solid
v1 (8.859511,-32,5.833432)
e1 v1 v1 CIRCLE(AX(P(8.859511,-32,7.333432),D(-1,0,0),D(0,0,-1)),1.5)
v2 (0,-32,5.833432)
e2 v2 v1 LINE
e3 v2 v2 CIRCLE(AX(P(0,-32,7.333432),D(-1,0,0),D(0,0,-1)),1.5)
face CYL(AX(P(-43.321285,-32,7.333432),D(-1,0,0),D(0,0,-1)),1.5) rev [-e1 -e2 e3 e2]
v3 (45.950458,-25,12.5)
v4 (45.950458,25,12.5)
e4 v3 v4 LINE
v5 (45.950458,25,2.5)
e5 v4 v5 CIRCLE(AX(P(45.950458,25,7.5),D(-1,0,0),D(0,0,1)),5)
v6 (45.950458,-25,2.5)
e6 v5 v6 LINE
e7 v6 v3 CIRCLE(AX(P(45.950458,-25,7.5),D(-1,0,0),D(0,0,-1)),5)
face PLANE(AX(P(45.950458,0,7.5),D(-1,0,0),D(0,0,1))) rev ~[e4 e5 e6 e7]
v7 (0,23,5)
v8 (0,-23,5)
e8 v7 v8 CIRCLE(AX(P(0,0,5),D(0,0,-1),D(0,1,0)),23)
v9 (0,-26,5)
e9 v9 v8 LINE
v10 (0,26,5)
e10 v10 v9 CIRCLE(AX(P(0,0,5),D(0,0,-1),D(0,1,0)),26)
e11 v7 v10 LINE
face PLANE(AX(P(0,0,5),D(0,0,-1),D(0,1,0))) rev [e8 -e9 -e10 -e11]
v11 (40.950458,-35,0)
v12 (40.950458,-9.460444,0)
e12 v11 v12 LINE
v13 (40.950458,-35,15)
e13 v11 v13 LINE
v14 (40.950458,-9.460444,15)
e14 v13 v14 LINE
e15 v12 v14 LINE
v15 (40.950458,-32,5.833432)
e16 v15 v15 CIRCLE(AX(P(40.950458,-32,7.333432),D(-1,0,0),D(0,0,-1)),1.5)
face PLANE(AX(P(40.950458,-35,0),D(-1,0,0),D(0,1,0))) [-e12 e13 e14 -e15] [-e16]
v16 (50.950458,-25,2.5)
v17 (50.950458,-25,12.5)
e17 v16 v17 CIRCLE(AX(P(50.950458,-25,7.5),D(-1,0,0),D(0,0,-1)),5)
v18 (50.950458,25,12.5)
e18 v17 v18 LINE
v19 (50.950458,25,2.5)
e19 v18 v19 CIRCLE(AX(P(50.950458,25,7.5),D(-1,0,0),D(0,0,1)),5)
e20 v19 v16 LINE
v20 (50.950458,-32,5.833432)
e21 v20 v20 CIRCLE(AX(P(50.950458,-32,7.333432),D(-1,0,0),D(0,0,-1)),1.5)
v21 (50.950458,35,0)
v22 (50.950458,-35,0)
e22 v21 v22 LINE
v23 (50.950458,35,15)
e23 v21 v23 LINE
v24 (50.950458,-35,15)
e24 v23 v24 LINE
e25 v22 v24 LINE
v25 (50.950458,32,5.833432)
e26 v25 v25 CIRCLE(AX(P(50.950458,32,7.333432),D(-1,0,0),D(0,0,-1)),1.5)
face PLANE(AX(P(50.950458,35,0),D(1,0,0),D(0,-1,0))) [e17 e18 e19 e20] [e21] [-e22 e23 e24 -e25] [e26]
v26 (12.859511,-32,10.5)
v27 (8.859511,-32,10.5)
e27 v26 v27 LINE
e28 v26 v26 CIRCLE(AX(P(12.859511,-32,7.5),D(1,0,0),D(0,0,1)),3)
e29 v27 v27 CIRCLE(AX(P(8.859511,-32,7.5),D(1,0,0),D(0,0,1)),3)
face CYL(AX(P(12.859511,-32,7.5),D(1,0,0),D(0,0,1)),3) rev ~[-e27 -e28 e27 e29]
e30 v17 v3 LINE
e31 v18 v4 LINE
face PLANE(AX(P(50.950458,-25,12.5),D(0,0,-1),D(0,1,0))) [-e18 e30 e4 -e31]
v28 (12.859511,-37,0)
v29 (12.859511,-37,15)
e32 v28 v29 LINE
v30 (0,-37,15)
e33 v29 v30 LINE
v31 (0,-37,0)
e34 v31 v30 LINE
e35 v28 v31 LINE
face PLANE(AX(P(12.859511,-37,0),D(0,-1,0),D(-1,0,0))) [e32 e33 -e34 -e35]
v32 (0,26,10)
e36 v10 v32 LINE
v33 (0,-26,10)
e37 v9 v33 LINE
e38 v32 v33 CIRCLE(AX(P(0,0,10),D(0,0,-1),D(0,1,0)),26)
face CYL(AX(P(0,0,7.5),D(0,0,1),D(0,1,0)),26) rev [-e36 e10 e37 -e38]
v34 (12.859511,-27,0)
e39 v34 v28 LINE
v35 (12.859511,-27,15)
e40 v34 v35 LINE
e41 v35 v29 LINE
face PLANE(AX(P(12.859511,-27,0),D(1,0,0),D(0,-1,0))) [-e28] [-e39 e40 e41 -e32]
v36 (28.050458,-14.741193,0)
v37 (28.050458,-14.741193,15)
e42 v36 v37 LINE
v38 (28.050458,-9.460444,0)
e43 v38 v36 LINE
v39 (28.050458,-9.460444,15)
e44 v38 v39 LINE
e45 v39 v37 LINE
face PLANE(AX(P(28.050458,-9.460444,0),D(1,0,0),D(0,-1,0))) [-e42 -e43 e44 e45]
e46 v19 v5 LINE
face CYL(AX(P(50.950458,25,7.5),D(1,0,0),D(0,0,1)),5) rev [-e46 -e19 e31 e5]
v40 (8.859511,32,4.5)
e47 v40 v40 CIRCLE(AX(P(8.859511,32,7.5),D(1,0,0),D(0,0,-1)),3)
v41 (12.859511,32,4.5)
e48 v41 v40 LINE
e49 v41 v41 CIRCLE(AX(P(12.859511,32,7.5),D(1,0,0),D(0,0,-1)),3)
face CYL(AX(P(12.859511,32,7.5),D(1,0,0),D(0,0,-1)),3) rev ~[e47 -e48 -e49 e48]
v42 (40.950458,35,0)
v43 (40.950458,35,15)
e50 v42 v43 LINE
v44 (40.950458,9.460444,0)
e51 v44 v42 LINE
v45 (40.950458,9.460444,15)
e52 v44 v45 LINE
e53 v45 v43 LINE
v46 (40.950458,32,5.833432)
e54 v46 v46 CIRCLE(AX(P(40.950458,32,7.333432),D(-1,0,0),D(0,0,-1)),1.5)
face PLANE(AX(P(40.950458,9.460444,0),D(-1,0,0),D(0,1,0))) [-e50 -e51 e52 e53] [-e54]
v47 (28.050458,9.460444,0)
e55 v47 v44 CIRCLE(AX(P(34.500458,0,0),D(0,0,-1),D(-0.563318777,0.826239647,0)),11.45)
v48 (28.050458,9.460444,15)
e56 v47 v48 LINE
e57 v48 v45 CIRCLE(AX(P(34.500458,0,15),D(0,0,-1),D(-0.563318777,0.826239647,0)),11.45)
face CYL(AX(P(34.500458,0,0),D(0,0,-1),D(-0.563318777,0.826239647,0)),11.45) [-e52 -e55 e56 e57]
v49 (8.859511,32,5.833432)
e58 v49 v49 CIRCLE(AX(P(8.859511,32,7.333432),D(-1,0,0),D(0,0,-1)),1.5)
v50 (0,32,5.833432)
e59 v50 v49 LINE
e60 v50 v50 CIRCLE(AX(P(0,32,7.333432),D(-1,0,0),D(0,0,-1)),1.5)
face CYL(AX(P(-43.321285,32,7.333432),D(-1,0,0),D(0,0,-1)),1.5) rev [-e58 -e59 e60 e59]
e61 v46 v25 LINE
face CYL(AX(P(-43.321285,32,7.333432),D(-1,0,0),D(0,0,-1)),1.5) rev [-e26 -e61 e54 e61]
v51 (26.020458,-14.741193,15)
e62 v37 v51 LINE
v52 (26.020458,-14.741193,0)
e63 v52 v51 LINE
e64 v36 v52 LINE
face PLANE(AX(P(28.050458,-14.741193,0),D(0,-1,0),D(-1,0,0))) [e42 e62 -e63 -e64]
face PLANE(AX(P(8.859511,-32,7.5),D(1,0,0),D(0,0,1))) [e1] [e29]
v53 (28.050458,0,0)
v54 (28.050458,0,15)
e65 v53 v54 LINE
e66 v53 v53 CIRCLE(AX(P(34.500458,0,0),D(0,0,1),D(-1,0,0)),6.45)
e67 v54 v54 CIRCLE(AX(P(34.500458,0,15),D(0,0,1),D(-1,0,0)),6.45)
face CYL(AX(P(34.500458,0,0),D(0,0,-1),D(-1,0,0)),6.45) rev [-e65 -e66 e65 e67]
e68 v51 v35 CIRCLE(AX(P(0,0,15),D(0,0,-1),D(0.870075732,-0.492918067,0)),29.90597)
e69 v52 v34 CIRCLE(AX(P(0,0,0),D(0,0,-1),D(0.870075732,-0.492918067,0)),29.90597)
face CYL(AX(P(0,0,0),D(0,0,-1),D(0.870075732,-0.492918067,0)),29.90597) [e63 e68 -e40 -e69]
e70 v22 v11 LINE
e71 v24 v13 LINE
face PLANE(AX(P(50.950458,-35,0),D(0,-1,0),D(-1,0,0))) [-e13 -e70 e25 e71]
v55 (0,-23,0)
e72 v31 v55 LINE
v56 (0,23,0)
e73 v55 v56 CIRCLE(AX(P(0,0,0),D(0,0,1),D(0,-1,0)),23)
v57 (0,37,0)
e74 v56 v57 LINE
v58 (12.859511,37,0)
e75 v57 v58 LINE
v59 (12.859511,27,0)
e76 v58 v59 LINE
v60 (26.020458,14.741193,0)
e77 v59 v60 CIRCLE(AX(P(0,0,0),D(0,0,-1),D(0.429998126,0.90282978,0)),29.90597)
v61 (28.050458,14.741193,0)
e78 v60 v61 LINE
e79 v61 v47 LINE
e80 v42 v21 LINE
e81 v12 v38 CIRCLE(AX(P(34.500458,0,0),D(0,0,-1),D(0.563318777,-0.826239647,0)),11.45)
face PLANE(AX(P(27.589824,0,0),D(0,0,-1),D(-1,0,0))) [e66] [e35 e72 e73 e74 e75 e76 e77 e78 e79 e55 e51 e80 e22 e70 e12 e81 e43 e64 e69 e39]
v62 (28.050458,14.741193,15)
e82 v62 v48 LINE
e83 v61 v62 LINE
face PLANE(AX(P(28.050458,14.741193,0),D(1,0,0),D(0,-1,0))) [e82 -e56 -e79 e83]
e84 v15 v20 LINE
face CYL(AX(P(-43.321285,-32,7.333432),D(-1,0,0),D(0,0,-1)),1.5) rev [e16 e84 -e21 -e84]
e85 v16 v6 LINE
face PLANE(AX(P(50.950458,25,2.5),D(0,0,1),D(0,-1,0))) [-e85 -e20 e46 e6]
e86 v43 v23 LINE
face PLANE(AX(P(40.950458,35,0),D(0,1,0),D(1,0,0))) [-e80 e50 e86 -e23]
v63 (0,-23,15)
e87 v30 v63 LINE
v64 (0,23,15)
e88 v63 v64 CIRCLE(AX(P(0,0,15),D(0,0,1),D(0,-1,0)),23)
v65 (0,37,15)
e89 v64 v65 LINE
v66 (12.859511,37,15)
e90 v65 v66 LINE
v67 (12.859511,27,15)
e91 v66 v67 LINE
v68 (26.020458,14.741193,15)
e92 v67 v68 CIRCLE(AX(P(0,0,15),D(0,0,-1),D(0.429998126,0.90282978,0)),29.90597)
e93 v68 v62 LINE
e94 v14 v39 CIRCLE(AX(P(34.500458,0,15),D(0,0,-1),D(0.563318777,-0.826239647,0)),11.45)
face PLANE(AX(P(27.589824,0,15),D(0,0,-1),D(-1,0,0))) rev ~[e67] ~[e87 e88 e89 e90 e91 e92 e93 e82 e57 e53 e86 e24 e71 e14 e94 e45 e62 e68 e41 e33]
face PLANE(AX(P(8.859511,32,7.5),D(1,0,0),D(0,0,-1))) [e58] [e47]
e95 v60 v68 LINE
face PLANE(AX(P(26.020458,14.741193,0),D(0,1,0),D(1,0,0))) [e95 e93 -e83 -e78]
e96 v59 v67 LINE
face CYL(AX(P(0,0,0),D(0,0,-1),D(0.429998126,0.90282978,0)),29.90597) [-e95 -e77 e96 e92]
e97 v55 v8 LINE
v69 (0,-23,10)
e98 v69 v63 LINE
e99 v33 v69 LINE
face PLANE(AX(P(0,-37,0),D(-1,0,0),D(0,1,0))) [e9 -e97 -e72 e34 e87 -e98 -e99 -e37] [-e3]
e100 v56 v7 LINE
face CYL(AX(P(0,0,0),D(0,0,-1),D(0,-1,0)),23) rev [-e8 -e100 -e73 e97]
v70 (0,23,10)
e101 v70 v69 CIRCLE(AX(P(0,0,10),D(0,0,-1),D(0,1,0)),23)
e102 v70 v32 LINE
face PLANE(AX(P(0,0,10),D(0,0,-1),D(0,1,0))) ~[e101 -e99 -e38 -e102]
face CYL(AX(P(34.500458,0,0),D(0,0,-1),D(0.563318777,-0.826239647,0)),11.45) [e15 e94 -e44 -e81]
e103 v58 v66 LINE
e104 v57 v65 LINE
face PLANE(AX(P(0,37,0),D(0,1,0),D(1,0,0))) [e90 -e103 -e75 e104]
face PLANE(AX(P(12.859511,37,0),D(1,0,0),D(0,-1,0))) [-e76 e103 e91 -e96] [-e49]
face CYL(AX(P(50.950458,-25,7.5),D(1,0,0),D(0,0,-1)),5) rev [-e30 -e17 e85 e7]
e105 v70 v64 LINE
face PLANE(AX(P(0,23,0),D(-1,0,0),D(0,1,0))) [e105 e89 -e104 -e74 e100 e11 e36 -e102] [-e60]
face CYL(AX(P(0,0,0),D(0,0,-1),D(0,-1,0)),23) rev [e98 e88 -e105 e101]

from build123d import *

# Parameters (mm, degrees)
SKETCH1_R               = 6.45
BOSS_EXTRUDE1_DEPTH     = 15
SKETCH2_W               = 5
SKETCH2_H               = 3
CUT_EXTRUDE3_DEPTH      = 5
CUT_EXTRUDE4_DEPTH      = 56.180796325
CUT_EXTRUDE4_DEPTH_BACK = 56.180796325
SKETCH4_R               = 1.5
SKETCH5_R               = 3
CUT_EXTRUDE5_DEPTH      = 4


with BuildPart() as part:
    # Sketch1 → Boss-Extrude1 (new body)
    with BuildSketch(Plane.XY):
        with BuildLine():
            Line((0, 23), (0, 37))
            Line((0, 37), (12.859510911, 37))
            Line((12.859510911, 37), (12.859510911, 27))
            ThreePointArc((12.859510911, 27), (20.383390121, 21.88342816), (26.020458433, 14.741192754))
            Line((26.020458433, 14.741192754), (28.050458433, 14.741192754))
            Line((28.050458433, 14.741192754), (28.050458433, 9.460443964))
            ThreePointArc((28.050458433, 9.460443964), (34.500458433, 11.45), (40.950458433, 9.460443964))
            Line((40.950458433, 9.460443964), (40.950458433, 35))
            Line((40.950458433, 35), (50.950458433, 35))
            Line((50.950458433, 35), (50.950458433, -35))
            Line((50.950458433, -35), (40.950458433, -35))
            Line((40.950458433, -35), (40.950458433, -9.460443964))
            ThreePointArc((40.950458433, -9.460443964), (34.500458433, -11.45), (28.050458433, -9.460443964))
            Line((28.050458433, -9.460443964), (28.050458433, -14.741192754))
            Line((28.050458433, -14.741192754), (26.020458433, -14.741192754))
            ThreePointArc((26.020458433, -14.741192754), (20.383390121, -21.88342816), (12.859510911, -27))
            Line((12.859510911, -27), (12.859510911, -37))
            Line((12.859510911, -37), (0, -37))
            Line((0, -37), (0, -23))
            ThreePointArc((0, -23), (23, 0), (0, 23))
        make_face()
        with Locations(Location((34.500458433, 0, 0), (0, 0, 180))):
            Circle(SKETCH1_R, mode=Mode.SUBTRACT)
    extrude(amount=BOSS_EXTRUDE1_DEPTH)

    # Sketch2 → Cut-Revolve1 (revolve, cut)
    with BuildSketch(Plane.ZY):
        with Locations((7.5, 24.5)):
            Rectangle(SKETCH2_W, SKETCH2_H)
    revolve(axis=Axis((0, 0, 15), (0, 0, -1)), mode=Mode.SUBTRACT)

    # Sketch3 → Cut-Extrude3 (cut)
    with BuildSketch(Plane(origin=(50.950458433, 0, 0), x_dir=(0, 0, -1), z_dir=(1, 0, 0))):
        with BuildLine():
            Line((-12.5, -25), (-12.5, 25))
            ThreePointArc((-12.5, 25), (-7.5, 30), (-2.5, 25))
            Line((-2.5, 25), (-2.5, -25))
            ThreePointArc((-2.5, -25), (-7.5, -30), (-12.5, -25))
        make_face()
    extrude(amount=-CUT_EXTRUDE3_DEPTH, mode=Mode.SUBTRACT)

    # Sketch4 → Cut-Extrude4 (cut, two sides: drawn at the far end of the back side and taken through both)
    with BuildSketch(Plane(origin=(12.859510911, 0, 0), x_dir=(0, 0, -1), z_dir=(1, 0, 0)).offset(-CUT_EXTRUDE4_DEPTH_BACK)):
        with Locations((-7.333431897, 32)):
            Circle(SKETCH4_R)
        with Locations((-7.333431897, -32)):
            Circle(SKETCH4_R)
    extrude(amount=CUT_EXTRUDE4_DEPTH + CUT_EXTRUDE4_DEPTH_BACK, mode=Mode.SUBTRACT)

    # Sketch5 → Cut-Extrude5 (cut)
    with BuildSketch(Plane(origin=(12.859510911, 0, 0), x_dir=(0, 0, -1), z_dir=(1, 0, 0))):
        with Locations((-7.5, 32)):
            Circle(SKETCH5_R)
        with Locations(Location((-7.5, -32, 0), (0, 0, 180))):
            Circle(SKETCH5_R)
    extrude(amount=-CUT_EXTRUDE5_DEPTH, mode=Mode.SUBTRACT)


solid = part.part
